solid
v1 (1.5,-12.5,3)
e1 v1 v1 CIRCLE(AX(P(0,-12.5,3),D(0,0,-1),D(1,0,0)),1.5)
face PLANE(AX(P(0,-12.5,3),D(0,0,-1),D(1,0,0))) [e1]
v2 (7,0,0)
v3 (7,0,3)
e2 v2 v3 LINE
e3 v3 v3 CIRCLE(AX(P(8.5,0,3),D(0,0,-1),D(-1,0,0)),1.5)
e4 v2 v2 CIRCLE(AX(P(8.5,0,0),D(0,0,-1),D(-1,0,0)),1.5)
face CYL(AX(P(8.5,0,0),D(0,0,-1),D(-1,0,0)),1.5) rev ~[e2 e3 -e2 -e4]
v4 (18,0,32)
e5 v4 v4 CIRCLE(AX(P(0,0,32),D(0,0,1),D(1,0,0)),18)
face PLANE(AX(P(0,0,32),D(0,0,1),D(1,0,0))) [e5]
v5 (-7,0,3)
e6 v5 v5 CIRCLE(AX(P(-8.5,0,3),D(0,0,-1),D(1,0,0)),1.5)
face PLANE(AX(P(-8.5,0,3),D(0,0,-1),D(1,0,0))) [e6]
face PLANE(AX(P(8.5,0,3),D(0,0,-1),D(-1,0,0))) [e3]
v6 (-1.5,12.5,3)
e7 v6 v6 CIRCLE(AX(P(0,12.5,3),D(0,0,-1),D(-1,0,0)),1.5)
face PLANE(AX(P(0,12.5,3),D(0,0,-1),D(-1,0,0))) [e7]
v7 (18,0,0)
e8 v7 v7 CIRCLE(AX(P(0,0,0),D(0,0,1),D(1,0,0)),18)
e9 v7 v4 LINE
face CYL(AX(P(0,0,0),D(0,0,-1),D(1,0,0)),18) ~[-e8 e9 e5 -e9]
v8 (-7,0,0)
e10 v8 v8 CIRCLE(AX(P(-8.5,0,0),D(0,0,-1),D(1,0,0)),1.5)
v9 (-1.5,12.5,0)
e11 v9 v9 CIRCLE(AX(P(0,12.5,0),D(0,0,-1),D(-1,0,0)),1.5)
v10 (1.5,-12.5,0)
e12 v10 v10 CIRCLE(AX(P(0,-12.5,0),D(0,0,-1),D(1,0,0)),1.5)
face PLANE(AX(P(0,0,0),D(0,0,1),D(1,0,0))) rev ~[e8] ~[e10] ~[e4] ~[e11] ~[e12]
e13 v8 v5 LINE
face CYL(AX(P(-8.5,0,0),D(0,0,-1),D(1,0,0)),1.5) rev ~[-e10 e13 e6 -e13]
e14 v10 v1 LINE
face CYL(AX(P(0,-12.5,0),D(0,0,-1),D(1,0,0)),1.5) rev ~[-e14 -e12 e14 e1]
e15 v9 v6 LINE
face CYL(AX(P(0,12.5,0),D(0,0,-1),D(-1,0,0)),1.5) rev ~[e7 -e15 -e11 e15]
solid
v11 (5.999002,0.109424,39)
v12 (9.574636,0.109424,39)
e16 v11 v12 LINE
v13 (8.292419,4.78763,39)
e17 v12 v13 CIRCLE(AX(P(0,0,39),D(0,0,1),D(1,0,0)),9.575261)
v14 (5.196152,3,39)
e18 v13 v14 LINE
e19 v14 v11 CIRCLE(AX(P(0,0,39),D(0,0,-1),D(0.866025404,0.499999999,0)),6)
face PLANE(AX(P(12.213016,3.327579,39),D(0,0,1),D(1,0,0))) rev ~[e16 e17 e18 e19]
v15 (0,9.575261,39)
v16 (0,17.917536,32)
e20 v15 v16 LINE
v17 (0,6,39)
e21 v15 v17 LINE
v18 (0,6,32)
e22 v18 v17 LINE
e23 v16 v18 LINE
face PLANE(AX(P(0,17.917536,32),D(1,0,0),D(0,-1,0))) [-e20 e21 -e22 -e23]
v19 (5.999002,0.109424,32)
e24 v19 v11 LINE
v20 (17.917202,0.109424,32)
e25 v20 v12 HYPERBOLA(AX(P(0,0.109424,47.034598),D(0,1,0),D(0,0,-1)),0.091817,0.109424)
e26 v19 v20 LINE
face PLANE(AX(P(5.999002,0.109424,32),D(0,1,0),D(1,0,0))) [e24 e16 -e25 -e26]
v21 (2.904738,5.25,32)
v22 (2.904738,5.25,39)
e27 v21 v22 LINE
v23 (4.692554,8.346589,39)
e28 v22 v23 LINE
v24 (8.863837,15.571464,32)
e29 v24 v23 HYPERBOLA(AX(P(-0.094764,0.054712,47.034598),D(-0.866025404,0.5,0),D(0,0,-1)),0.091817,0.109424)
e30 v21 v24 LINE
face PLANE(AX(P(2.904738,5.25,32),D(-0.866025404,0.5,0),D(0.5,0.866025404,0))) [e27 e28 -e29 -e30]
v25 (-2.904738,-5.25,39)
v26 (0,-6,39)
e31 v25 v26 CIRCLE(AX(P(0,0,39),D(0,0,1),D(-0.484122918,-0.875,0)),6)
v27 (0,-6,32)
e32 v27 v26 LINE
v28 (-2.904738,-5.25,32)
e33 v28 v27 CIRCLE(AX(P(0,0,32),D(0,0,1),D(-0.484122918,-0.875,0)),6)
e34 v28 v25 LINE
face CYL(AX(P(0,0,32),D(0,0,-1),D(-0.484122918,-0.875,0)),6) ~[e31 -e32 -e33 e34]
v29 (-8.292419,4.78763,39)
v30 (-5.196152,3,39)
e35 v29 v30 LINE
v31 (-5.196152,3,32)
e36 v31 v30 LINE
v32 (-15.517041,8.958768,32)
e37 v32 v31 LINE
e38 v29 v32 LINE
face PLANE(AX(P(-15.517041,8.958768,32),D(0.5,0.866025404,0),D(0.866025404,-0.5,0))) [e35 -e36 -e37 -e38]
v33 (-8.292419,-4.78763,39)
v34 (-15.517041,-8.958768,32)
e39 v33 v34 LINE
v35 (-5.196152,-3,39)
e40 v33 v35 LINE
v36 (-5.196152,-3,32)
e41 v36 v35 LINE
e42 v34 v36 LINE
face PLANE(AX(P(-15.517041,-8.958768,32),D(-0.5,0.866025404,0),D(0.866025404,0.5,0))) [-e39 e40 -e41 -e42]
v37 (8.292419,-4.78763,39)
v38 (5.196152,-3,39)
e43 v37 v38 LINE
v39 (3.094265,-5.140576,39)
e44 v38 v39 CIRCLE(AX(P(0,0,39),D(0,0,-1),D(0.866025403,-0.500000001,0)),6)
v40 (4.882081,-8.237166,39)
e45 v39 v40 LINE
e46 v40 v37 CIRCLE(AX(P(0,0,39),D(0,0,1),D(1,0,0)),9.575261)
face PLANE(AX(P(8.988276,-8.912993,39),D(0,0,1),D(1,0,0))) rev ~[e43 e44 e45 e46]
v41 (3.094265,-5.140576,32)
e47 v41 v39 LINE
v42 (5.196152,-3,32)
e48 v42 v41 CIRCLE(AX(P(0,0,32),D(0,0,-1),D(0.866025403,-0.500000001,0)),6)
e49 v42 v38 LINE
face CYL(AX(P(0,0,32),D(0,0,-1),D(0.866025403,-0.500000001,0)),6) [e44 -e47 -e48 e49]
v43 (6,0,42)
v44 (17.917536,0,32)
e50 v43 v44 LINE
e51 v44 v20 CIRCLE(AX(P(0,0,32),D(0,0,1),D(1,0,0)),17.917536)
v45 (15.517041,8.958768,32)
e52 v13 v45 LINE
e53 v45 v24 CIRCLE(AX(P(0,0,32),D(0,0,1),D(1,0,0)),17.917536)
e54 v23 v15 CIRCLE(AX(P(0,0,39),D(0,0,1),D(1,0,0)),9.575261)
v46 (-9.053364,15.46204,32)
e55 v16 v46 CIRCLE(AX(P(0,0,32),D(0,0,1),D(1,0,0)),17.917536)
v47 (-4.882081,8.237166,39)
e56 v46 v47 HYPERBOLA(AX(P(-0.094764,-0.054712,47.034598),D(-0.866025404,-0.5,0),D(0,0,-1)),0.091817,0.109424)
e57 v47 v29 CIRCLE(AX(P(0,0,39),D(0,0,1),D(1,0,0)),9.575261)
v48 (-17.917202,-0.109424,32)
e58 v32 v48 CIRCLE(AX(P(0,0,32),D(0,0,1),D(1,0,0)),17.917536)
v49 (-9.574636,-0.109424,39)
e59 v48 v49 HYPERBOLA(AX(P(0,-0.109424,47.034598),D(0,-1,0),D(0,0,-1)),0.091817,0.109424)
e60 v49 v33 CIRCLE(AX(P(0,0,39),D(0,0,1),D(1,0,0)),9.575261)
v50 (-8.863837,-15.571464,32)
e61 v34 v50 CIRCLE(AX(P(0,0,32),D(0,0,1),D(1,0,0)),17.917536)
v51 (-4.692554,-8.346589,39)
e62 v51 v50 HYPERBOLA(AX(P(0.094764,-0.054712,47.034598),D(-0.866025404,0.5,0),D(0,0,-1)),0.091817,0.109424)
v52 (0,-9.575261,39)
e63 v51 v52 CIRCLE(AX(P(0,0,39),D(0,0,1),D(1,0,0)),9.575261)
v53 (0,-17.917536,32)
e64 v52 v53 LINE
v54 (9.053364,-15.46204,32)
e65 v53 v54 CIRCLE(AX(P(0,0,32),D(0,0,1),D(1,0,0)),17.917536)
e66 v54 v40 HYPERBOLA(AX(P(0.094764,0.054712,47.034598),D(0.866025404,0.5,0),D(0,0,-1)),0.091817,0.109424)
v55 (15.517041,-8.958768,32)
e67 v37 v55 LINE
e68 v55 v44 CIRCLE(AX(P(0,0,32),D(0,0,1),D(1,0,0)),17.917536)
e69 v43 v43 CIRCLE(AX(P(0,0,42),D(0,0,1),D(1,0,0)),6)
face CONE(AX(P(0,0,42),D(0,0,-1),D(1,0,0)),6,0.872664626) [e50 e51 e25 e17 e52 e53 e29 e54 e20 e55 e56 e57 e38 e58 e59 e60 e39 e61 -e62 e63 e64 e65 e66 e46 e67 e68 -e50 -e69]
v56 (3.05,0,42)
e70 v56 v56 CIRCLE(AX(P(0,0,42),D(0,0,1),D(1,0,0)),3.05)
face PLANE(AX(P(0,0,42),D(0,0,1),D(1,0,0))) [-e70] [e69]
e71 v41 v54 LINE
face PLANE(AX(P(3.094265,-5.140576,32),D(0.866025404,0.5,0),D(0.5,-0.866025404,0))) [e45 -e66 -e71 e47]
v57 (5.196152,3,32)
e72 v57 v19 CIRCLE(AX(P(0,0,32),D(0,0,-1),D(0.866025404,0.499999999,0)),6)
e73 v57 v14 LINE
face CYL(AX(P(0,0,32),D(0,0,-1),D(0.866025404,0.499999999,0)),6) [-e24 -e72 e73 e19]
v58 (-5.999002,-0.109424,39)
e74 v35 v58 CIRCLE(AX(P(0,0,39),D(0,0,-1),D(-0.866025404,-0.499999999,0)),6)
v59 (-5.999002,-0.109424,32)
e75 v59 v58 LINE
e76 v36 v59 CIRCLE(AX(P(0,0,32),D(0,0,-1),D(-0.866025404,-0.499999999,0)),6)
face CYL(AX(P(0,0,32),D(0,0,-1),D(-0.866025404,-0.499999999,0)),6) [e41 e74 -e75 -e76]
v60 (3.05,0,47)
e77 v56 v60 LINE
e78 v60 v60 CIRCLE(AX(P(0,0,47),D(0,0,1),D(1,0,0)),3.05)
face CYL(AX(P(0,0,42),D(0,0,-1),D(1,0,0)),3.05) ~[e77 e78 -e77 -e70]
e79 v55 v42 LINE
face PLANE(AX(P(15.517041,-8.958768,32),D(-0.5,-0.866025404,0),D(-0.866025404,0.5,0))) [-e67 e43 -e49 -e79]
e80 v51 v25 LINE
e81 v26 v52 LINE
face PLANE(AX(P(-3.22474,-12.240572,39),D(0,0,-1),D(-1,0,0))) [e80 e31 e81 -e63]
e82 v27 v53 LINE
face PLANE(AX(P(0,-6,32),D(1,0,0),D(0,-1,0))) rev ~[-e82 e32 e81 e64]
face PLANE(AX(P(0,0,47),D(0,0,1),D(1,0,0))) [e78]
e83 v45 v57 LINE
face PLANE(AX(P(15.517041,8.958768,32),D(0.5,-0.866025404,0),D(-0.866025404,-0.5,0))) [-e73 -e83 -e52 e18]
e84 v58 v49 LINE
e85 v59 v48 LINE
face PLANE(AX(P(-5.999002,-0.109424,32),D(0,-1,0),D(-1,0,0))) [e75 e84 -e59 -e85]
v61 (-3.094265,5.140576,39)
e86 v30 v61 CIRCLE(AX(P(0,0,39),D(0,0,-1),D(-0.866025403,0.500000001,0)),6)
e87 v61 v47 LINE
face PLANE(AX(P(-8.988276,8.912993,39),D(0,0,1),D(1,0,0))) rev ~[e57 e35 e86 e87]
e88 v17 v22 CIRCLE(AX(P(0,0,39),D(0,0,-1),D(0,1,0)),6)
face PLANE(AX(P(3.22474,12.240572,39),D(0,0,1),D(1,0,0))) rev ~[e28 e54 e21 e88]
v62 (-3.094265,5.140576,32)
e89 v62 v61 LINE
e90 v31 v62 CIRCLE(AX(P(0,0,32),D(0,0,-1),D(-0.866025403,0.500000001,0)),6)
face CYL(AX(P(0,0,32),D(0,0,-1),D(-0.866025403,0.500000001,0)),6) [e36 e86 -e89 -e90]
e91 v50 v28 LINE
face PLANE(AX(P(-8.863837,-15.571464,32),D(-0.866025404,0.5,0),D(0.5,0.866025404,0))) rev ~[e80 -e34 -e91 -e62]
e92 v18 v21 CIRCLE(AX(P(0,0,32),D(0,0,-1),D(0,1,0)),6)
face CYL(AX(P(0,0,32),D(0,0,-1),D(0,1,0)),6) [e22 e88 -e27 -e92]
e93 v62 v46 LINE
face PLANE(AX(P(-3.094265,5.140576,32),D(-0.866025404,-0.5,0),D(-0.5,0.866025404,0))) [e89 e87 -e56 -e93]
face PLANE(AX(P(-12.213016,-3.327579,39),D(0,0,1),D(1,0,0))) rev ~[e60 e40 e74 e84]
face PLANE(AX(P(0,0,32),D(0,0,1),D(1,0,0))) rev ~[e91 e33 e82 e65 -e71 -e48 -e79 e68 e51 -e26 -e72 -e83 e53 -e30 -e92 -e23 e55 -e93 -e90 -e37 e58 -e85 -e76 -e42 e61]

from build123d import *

# Parameters (mm, degrees)
SKETCH_1_R          = 18
EXTRUDE_1_DEPTH     = 32
SKETCH_2_R          = 1.5
CUT_EXTRUDE_1_DEPTH = 3
SKETCH_5_R          = 6
EXTRUDE_5_DEPTH     = 10
EXTRUDE_5_DRAFT     = 50
CUT_EXTRUDE_2_DEPTH = 7
SKETCH_8_R          = 3.05
EXTRUDE_6_DEPTH     = 5


with BuildPart() as part:
    # 草图1 → 凸台-拉伸1 (new body)
    with BuildSketch(Plane.XY):
        Circle(SKETCH_1_R)
    extrude(amount=EXTRUDE_1_DEPTH)

    # 草图2 → 切除-拉伸1 (cut)
    with BuildSketch(Plane(origin=(0, 0, 0), x_dir=(-1, 0, 0), z_dir=(0, 0, -1))):
        with Locations((-8.5, 0)):
            Circle(SKETCH_2_R)
        with Locations(Location((8.5, 0, 0), (0, 0, 180))):
            Circle(SKETCH_2_R)
        with Locations((0, 12.5)):
            Circle(SKETCH_2_R)
        with Locations(Location((0, -12.5, 0), (0, 0, 180))):
            Circle(SKETCH_2_R)
    extrude(amount=-CUT_EXTRUDE_1_DEPTH, mode=Mode.SUBTRACT)


with BuildPart() as body_2:
    # 草图5 → 凸台-拉伸5 (with draft: the straight prism first)
    with BuildSketch(Plane.XY.offset(42)):
        Circle(SKETCH_5_R)
    extrude(amount=-EXTRUDE_5_DEPTH)
    # 凸台-拉伸5: the draft: its side faces are tilted about the plane it starts from
    extrude_5_sides = [body_2.faces().sort_by_distance(p)[0] for p in [
        (-6, 0, 37),
    ]]
    draft(extrude_5_sides, Plane.XY.offset(42), EXTRUDE_5_DRAFT)

    # 草图7 → 切除-拉伸2 (cut)
    with BuildSketch(Plane(origin=(0, 0, 32), x_dir=(-1, 0, 0), z_dir=(0, 0, -1))):
        with BuildLine():
            Line((0, -6), (0, -17.917535926))
            ThreePointArc((0, -17.917535926), (4.584530168, -17.32109052), (8.863837345, -15.571463682))
            Line((8.863837345, -15.571463682), (2.90473751, -5.25))
            ThreePointArc((2.90473751, -5.25), (1.5, -5.809475019), (0, -6))
        make_face()
        with BuildLine():
            Line((-3.094264615, -5.140576475), (-9.05336445, -15.462040156))
            ThreePointArc((-9.05336445, -15.462040156), (-12.708239327, -12.63086485), (-15.517041285, -8.958767963))
            Line((-15.517041285, -8.958767963), (-5.196152423, -3))
            ThreePointArc((-5.196152423, -3), (-4.281152949, -4.203775615), (-3.094264615, -5.140576475))
        make_face()
        with BuildLine():
            Line((-5.999002125, 0.109423525), (-17.917201795, 0.109423525))
            ThreePointArc((-17.917201795, 0.109423525), (-17.292769495, 4.69022567), (-15.517041285, 8.958767963))
            Line((-15.517041285, 8.958767963), (-5.196152423, 3))
            ThreePointArc((-5.196152423, 3), (-5.781152949, 1.605699404), (-5.999002125, 0.109423525))
        make_face()
        with BuildLine():
            Line((-2.90473751, 5.25), (-8.863837345, 15.571463682))
            ThreePointArc((-8.863837345, 15.571463682), (-4.584530168, 17.32109052), (0, 17.917535926))
            Line((0, 17.917535926), (0, 6))
            ThreePointArc((0, 6), (-1.5, 5.809475019), (-2.90473751, 5.25))
        make_face()
        with BuildLine():
            Line((3.094264615, 5.140576475), (9.05336445, 15.462040156))
            ThreePointArc((9.05336445, 15.462040156), (12.708239327, 12.63086485), (15.517041285, 8.958767963))
            Line((15.517041285, 8.958767963), (5.196152423, 3))
            ThreePointArc((5.196152423, 3), (4.281152949, 4.203775615), (3.094264615, 5.140576475))
        make_face()
        with BuildLine():
            Line((5.999002125, -0.109423525), (17.917201795, -0.109423525))
            ThreePointArc((17.917201795, -0.109423525), (17.292769495, -4.69022567), (15.517041285, -8.958767963))
            Line((15.517041285, -8.958767963), (5.196152423, -3))
            ThreePointArc((5.196152423, -3), (5.781152949, -1.605699404), (5.999002125, -0.109423525))
        make_face()
    extrude(amount=-CUT_EXTRUDE_2_DEPTH, mode=Mode.SUBTRACT)

    # 草图8 → 凸台-拉伸6 (add)
    with BuildSketch(Plane.XY.offset(42)):
        Circle(SKETCH_8_R)
    extrude(amount=EXTRUDE_6_DEPTH)


solid = Compound([part.part, body_2.part])
